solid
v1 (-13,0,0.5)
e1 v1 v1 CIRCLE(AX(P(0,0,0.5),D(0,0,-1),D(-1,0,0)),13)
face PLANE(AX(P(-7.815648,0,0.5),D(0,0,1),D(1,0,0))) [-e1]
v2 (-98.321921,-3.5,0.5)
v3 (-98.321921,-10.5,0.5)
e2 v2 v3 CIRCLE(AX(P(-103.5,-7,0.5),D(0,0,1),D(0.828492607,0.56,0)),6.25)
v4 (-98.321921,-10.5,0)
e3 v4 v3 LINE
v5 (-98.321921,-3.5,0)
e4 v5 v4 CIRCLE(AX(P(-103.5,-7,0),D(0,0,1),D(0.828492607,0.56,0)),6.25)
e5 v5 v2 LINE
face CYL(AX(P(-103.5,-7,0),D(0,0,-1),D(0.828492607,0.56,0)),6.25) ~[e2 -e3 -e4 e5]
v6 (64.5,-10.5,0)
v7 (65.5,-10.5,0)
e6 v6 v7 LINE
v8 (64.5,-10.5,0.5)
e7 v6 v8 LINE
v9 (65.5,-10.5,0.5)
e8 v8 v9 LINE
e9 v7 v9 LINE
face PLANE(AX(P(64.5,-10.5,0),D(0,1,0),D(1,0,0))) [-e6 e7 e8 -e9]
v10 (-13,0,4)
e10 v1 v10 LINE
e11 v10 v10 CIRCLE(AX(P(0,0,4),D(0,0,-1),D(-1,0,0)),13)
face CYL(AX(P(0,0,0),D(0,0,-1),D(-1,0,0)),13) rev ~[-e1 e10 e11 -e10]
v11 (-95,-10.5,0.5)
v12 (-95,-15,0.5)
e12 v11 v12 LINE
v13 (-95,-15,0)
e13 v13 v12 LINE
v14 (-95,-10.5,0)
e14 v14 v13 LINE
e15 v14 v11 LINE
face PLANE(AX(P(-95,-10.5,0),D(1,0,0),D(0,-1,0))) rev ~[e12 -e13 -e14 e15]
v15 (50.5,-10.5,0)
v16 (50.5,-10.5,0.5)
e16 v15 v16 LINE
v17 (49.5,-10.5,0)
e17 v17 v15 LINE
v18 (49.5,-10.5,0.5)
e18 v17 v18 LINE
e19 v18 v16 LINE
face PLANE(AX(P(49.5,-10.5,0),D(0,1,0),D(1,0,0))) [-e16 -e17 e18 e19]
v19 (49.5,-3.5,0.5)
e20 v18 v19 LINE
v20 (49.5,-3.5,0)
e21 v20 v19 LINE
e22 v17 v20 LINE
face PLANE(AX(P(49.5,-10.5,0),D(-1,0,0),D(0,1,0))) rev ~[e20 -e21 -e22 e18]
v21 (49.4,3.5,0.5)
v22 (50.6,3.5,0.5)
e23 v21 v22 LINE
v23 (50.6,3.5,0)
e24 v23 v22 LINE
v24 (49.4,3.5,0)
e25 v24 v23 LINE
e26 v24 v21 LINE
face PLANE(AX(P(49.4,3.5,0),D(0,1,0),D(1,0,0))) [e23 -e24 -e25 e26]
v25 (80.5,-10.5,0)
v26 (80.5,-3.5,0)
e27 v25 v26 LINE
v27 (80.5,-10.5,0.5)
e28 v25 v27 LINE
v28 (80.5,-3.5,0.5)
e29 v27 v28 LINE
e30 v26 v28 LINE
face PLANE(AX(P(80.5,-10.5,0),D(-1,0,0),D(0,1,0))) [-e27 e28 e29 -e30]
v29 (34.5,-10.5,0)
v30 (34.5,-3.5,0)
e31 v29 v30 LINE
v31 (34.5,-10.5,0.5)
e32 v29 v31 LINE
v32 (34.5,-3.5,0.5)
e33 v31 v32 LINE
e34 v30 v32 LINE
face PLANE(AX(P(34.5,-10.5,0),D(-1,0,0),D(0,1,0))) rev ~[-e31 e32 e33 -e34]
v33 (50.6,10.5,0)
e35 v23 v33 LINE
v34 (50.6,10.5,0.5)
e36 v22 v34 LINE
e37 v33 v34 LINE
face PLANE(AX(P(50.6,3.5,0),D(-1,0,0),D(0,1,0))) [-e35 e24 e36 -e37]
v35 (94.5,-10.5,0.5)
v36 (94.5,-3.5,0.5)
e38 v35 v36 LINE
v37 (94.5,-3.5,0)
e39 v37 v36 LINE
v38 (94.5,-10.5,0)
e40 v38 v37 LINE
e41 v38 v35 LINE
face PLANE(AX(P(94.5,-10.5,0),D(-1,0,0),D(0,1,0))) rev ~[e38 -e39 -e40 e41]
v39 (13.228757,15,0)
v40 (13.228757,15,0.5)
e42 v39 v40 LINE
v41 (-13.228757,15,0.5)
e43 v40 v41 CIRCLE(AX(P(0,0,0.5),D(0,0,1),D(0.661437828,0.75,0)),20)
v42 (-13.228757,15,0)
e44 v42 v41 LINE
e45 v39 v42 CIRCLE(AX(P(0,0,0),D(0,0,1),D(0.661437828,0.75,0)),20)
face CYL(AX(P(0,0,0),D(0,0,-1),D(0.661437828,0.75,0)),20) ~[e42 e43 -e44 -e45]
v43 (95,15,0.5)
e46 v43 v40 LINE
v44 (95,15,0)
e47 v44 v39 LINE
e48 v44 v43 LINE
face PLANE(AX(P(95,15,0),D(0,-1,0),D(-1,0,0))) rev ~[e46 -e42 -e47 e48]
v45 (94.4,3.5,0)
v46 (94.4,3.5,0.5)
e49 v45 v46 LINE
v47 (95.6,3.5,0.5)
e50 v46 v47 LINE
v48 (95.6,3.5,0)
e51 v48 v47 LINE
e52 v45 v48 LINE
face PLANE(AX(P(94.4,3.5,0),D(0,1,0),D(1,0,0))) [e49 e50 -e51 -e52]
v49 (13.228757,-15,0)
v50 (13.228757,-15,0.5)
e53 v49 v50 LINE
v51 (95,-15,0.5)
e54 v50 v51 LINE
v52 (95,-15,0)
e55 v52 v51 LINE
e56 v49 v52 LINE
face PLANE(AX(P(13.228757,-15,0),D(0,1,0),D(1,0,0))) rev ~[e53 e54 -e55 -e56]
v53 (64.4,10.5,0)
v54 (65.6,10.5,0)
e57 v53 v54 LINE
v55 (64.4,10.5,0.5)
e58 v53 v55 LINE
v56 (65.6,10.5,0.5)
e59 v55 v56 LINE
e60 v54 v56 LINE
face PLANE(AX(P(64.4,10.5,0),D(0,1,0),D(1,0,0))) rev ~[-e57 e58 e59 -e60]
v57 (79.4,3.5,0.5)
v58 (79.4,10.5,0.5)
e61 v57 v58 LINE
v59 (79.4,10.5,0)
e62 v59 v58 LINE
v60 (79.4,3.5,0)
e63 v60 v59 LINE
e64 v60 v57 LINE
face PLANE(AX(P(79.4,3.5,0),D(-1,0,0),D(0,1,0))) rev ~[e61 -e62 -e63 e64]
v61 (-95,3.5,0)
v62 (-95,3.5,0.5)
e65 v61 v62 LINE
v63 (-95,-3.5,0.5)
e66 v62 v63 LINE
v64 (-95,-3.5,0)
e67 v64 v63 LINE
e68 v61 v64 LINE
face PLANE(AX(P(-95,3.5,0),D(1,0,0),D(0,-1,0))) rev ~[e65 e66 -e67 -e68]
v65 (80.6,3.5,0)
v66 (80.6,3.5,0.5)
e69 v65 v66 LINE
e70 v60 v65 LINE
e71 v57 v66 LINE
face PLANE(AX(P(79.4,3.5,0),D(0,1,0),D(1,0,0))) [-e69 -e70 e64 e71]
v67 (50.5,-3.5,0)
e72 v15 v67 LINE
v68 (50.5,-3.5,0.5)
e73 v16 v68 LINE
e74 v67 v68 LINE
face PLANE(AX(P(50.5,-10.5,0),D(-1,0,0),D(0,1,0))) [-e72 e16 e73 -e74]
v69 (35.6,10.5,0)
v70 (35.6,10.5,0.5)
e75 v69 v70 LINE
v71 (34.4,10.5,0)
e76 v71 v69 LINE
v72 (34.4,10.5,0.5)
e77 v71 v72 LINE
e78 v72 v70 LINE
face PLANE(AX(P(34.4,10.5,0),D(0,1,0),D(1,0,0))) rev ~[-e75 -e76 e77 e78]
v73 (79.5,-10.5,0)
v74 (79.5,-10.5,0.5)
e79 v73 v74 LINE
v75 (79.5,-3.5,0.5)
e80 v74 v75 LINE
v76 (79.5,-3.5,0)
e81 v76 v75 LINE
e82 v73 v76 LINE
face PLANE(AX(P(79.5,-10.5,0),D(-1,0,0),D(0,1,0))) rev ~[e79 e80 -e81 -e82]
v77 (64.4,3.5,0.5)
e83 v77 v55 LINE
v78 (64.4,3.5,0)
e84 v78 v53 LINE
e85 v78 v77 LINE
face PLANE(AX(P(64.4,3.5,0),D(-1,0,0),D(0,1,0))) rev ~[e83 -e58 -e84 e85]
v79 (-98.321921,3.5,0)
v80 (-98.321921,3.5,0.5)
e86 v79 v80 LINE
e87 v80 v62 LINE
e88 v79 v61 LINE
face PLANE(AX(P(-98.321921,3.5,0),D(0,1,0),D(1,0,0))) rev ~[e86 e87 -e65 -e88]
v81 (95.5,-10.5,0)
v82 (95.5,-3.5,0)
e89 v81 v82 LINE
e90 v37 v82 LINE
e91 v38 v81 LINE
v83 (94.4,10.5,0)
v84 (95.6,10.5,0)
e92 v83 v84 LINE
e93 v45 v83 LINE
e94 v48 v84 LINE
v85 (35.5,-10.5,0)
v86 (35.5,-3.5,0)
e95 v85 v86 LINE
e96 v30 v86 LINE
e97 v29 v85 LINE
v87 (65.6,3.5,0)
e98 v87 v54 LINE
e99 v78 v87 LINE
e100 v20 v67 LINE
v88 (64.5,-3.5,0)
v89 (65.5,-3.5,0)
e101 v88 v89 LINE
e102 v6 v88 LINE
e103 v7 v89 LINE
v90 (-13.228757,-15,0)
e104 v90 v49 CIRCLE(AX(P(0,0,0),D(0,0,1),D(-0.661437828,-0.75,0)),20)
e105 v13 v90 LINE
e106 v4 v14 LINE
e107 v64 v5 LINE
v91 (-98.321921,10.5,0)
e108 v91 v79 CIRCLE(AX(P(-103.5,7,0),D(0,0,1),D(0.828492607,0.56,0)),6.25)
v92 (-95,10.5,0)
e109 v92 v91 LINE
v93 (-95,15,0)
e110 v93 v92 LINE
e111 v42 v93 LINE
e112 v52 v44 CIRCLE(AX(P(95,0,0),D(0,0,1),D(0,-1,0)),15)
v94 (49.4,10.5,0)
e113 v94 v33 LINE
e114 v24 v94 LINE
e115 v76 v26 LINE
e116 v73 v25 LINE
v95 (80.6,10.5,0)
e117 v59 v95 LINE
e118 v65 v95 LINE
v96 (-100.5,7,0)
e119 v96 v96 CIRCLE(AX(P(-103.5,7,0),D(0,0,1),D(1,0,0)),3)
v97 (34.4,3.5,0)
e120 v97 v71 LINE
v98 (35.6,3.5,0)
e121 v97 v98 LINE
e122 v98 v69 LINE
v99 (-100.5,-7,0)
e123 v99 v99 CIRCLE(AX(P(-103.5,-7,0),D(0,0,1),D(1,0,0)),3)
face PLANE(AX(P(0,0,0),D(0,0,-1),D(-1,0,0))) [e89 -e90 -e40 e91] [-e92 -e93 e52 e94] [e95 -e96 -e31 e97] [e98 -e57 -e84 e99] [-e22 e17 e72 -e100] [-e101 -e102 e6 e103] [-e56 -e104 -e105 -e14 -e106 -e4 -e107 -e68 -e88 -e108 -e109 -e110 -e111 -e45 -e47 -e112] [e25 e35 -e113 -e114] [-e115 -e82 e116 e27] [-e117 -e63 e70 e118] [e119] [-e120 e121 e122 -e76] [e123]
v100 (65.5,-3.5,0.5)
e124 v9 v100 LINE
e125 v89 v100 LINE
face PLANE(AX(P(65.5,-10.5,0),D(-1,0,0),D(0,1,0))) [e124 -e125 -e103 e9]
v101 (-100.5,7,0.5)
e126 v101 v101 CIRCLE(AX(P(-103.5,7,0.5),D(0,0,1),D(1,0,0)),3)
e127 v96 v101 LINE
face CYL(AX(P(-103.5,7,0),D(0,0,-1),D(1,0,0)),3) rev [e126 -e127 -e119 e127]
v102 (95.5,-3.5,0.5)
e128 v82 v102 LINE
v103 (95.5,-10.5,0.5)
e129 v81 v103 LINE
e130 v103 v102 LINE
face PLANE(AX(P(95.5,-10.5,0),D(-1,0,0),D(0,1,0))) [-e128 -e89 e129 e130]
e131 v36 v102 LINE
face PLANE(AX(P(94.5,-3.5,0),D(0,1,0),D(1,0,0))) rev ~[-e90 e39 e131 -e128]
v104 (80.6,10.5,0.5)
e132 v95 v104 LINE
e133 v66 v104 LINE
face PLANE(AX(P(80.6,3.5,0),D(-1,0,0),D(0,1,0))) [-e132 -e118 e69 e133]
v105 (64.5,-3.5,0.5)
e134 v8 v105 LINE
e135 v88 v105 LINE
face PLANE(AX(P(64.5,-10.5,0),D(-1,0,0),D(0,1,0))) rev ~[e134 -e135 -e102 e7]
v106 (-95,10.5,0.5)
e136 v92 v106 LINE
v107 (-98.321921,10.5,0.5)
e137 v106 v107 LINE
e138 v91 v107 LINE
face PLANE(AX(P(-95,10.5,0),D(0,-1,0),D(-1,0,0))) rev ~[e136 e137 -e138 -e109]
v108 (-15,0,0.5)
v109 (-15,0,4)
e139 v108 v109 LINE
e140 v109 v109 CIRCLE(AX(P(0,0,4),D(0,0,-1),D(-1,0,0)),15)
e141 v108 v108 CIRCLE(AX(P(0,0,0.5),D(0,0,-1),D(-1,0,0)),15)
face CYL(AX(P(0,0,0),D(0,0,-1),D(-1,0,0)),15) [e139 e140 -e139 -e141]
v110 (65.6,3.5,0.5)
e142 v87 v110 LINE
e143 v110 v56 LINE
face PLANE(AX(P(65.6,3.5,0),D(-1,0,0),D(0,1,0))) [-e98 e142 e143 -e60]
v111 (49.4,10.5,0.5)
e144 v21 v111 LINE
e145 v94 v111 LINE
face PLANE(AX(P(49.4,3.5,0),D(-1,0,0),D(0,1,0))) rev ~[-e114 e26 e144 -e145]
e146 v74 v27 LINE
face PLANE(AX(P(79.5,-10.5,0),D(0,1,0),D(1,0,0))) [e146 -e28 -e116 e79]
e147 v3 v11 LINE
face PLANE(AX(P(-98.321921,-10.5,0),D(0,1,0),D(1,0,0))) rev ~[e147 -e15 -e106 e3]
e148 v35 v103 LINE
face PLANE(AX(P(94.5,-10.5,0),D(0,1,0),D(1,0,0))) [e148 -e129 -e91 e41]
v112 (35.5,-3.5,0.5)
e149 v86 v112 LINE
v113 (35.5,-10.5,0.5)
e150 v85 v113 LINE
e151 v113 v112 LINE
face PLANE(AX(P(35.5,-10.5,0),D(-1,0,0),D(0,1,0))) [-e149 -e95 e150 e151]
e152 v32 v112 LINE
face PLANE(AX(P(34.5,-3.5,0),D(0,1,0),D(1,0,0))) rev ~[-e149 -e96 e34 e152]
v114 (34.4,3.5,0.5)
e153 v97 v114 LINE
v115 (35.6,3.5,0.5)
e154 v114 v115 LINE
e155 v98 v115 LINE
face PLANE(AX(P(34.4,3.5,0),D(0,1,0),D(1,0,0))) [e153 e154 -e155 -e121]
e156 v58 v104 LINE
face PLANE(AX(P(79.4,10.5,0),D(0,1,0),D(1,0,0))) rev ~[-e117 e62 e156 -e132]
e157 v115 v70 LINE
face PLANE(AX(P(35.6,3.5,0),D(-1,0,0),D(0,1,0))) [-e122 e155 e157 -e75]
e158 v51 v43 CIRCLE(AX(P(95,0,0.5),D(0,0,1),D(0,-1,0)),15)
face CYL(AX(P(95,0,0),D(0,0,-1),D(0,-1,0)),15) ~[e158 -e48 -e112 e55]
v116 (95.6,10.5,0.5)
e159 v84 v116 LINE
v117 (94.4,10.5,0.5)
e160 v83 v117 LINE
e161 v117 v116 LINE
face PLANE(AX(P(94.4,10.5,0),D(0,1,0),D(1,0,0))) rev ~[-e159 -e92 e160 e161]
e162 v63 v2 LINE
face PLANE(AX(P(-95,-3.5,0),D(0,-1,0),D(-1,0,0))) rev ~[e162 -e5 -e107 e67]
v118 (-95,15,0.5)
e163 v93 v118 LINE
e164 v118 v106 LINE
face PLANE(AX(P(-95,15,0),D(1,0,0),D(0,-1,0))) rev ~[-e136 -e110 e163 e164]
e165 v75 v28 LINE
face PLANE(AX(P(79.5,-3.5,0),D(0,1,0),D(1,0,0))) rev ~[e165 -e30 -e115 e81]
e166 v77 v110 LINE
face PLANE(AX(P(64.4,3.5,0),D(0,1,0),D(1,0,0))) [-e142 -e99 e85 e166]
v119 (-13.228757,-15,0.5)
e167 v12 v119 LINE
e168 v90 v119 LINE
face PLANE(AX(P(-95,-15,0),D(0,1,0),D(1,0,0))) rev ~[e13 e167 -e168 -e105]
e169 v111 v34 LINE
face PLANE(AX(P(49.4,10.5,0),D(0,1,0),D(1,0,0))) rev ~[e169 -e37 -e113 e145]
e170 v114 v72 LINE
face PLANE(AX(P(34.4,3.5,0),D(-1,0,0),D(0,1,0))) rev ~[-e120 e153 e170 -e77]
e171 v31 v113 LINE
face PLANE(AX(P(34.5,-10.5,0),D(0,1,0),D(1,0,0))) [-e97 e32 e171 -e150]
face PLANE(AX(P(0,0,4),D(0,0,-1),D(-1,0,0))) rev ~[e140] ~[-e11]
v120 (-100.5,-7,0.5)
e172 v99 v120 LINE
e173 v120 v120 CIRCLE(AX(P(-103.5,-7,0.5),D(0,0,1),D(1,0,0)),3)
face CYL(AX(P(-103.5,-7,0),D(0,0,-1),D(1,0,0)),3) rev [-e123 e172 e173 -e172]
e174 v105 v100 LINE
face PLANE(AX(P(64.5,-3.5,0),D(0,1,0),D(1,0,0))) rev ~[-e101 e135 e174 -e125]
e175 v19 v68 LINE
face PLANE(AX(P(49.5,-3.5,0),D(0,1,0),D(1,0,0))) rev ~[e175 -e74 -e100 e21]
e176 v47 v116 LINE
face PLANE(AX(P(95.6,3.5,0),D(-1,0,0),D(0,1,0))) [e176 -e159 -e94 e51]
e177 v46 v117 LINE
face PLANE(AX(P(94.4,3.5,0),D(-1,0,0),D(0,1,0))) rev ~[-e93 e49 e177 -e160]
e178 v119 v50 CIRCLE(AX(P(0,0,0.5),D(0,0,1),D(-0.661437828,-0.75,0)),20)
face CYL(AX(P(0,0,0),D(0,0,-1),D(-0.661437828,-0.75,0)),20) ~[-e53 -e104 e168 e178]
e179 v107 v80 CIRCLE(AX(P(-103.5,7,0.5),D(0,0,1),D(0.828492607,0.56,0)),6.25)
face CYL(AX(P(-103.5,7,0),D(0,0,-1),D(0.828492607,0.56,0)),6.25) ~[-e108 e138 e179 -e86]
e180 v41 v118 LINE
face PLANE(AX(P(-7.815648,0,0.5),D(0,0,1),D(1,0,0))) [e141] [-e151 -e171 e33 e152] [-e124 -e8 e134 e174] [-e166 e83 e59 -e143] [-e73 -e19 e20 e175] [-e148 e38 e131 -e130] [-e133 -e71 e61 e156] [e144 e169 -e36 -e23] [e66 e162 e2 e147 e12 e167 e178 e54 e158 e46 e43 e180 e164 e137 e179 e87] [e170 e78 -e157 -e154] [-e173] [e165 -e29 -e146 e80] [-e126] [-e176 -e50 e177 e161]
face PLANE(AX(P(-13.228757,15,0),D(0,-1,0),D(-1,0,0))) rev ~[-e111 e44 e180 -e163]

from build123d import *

# Parameters (mm, degrees)
SKETCH_1_W      = 1
SKETCH_1_H      = 7
SKETCH_1_W_2    = 1.2
SKETCH_1_R      = 3
EXTRUDE_2_DEPTH = 0.5
SKETCH_3_R      = 15
SKETCH_3_R_2    = 13
EXTRUDE_3_DEPTH = 4


with BuildPart() as part:
    # Эскиз1 → Бобышка-Вытянуть2 (new body)
    with BuildSketch(Plane.XY):
        with BuildLine():
            Line((95, 15), (13.228756555, 15))
            ThreePointArc((13.228756555, 15), (0, 20), (-13.228756555, 15))
            Line((-13.228756555, 15), (-95, 15))
            Line((-95, 15), (-95, 10.5))
            Line((-95, 10.5), (-98.321921206, 10.5))
            ThreePointArc((-98.321921206, 10.5), (-109.75, 7), (-98.321921206, 3.5))
            Line((-98.321921206, 3.5), (-95, 3.5))
            Line((-95, 3.5), (-95, -3.5))
            Line((-95, -3.5), (-98.321921206, -3.5))
            ThreePointArc((-98.321921206, -3.5), (-109.75, -7), (-98.321921206, -10.5))
            Line((-98.321921206, -10.5), (-95, -10.5))
            Line((-95, -10.5), (-95, -15))
            Line((-95, -15), (-13.228756555, -15))
            ThreePointArc((-13.228756555, -15), (0, -20), (13.228756555, -15))
            Line((13.228756555, -15), (95, -15))
            ThreePointArc((95, -15), (110, 0), (95, 15))
        make_face()
        with Locations((35, -7)):
            Rectangle(SKETCH_1_W, SKETCH_1_H, mode=Mode.SUBTRACT)
        with Locations((50, -7)):
            Rectangle(SKETCH_1_W, SKETCH_1_H, mode=Mode.SUBTRACT)
        with Locations((65, -7)):
            Rectangle(SKETCH_1_W, SKETCH_1_H, mode=Mode.SUBTRACT)
        with Locations((80, -7)):
            Rectangle(SKETCH_1_W, SKETCH_1_H, mode=Mode.SUBTRACT)
        with Locations((95, -7)):
            Rectangle(SKETCH_1_W, SKETCH_1_H, mode=Mode.SUBTRACT)
        with Locations((35, 7)):
            Rectangle(SKETCH_1_W_2, SKETCH_1_H, mode=Mode.SUBTRACT)
        with Locations((50, 7)):
            Rectangle(SKETCH_1_W_2, SKETCH_1_H, mode=Mode.SUBTRACT)
        with Locations((65, 7)):
            Rectangle(SKETCH_1_W_2, SKETCH_1_H, mode=Mode.SUBTRACT)
        with Locations((80, 7)):
            Rectangle(SKETCH_1_W_2, SKETCH_1_H, mode=Mode.SUBTRACT)
        with Locations((95, 7)):
            Rectangle(SKETCH_1_W_2, SKETCH_1_H, mode=Mode.SUBTRACT)
        with Locations((-103.5, 7)):
            Circle(SKETCH_1_R, mode=Mode.SUBTRACT)
        with Locations((-103.5, -7)):
            Circle(SKETCH_1_R, mode=Mode.SUBTRACT)
    extrude(amount=EXTRUDE_2_DEPTH)

    # Эскиз3 → Бобышка-Вытянуть3 (add)
    with BuildSketch(Plane(origin=(0, 0, 0), x_dir=(-1, 0, 0), z_dir=(0, 0, -1))):
        Circle(SKETCH_3_R)
        Circle(SKETCH_3_R_2, mode=Mode.SUBTRACT)
    extrude(amount=-EXTRUDE_3_DEPTH)


solid = part.part
